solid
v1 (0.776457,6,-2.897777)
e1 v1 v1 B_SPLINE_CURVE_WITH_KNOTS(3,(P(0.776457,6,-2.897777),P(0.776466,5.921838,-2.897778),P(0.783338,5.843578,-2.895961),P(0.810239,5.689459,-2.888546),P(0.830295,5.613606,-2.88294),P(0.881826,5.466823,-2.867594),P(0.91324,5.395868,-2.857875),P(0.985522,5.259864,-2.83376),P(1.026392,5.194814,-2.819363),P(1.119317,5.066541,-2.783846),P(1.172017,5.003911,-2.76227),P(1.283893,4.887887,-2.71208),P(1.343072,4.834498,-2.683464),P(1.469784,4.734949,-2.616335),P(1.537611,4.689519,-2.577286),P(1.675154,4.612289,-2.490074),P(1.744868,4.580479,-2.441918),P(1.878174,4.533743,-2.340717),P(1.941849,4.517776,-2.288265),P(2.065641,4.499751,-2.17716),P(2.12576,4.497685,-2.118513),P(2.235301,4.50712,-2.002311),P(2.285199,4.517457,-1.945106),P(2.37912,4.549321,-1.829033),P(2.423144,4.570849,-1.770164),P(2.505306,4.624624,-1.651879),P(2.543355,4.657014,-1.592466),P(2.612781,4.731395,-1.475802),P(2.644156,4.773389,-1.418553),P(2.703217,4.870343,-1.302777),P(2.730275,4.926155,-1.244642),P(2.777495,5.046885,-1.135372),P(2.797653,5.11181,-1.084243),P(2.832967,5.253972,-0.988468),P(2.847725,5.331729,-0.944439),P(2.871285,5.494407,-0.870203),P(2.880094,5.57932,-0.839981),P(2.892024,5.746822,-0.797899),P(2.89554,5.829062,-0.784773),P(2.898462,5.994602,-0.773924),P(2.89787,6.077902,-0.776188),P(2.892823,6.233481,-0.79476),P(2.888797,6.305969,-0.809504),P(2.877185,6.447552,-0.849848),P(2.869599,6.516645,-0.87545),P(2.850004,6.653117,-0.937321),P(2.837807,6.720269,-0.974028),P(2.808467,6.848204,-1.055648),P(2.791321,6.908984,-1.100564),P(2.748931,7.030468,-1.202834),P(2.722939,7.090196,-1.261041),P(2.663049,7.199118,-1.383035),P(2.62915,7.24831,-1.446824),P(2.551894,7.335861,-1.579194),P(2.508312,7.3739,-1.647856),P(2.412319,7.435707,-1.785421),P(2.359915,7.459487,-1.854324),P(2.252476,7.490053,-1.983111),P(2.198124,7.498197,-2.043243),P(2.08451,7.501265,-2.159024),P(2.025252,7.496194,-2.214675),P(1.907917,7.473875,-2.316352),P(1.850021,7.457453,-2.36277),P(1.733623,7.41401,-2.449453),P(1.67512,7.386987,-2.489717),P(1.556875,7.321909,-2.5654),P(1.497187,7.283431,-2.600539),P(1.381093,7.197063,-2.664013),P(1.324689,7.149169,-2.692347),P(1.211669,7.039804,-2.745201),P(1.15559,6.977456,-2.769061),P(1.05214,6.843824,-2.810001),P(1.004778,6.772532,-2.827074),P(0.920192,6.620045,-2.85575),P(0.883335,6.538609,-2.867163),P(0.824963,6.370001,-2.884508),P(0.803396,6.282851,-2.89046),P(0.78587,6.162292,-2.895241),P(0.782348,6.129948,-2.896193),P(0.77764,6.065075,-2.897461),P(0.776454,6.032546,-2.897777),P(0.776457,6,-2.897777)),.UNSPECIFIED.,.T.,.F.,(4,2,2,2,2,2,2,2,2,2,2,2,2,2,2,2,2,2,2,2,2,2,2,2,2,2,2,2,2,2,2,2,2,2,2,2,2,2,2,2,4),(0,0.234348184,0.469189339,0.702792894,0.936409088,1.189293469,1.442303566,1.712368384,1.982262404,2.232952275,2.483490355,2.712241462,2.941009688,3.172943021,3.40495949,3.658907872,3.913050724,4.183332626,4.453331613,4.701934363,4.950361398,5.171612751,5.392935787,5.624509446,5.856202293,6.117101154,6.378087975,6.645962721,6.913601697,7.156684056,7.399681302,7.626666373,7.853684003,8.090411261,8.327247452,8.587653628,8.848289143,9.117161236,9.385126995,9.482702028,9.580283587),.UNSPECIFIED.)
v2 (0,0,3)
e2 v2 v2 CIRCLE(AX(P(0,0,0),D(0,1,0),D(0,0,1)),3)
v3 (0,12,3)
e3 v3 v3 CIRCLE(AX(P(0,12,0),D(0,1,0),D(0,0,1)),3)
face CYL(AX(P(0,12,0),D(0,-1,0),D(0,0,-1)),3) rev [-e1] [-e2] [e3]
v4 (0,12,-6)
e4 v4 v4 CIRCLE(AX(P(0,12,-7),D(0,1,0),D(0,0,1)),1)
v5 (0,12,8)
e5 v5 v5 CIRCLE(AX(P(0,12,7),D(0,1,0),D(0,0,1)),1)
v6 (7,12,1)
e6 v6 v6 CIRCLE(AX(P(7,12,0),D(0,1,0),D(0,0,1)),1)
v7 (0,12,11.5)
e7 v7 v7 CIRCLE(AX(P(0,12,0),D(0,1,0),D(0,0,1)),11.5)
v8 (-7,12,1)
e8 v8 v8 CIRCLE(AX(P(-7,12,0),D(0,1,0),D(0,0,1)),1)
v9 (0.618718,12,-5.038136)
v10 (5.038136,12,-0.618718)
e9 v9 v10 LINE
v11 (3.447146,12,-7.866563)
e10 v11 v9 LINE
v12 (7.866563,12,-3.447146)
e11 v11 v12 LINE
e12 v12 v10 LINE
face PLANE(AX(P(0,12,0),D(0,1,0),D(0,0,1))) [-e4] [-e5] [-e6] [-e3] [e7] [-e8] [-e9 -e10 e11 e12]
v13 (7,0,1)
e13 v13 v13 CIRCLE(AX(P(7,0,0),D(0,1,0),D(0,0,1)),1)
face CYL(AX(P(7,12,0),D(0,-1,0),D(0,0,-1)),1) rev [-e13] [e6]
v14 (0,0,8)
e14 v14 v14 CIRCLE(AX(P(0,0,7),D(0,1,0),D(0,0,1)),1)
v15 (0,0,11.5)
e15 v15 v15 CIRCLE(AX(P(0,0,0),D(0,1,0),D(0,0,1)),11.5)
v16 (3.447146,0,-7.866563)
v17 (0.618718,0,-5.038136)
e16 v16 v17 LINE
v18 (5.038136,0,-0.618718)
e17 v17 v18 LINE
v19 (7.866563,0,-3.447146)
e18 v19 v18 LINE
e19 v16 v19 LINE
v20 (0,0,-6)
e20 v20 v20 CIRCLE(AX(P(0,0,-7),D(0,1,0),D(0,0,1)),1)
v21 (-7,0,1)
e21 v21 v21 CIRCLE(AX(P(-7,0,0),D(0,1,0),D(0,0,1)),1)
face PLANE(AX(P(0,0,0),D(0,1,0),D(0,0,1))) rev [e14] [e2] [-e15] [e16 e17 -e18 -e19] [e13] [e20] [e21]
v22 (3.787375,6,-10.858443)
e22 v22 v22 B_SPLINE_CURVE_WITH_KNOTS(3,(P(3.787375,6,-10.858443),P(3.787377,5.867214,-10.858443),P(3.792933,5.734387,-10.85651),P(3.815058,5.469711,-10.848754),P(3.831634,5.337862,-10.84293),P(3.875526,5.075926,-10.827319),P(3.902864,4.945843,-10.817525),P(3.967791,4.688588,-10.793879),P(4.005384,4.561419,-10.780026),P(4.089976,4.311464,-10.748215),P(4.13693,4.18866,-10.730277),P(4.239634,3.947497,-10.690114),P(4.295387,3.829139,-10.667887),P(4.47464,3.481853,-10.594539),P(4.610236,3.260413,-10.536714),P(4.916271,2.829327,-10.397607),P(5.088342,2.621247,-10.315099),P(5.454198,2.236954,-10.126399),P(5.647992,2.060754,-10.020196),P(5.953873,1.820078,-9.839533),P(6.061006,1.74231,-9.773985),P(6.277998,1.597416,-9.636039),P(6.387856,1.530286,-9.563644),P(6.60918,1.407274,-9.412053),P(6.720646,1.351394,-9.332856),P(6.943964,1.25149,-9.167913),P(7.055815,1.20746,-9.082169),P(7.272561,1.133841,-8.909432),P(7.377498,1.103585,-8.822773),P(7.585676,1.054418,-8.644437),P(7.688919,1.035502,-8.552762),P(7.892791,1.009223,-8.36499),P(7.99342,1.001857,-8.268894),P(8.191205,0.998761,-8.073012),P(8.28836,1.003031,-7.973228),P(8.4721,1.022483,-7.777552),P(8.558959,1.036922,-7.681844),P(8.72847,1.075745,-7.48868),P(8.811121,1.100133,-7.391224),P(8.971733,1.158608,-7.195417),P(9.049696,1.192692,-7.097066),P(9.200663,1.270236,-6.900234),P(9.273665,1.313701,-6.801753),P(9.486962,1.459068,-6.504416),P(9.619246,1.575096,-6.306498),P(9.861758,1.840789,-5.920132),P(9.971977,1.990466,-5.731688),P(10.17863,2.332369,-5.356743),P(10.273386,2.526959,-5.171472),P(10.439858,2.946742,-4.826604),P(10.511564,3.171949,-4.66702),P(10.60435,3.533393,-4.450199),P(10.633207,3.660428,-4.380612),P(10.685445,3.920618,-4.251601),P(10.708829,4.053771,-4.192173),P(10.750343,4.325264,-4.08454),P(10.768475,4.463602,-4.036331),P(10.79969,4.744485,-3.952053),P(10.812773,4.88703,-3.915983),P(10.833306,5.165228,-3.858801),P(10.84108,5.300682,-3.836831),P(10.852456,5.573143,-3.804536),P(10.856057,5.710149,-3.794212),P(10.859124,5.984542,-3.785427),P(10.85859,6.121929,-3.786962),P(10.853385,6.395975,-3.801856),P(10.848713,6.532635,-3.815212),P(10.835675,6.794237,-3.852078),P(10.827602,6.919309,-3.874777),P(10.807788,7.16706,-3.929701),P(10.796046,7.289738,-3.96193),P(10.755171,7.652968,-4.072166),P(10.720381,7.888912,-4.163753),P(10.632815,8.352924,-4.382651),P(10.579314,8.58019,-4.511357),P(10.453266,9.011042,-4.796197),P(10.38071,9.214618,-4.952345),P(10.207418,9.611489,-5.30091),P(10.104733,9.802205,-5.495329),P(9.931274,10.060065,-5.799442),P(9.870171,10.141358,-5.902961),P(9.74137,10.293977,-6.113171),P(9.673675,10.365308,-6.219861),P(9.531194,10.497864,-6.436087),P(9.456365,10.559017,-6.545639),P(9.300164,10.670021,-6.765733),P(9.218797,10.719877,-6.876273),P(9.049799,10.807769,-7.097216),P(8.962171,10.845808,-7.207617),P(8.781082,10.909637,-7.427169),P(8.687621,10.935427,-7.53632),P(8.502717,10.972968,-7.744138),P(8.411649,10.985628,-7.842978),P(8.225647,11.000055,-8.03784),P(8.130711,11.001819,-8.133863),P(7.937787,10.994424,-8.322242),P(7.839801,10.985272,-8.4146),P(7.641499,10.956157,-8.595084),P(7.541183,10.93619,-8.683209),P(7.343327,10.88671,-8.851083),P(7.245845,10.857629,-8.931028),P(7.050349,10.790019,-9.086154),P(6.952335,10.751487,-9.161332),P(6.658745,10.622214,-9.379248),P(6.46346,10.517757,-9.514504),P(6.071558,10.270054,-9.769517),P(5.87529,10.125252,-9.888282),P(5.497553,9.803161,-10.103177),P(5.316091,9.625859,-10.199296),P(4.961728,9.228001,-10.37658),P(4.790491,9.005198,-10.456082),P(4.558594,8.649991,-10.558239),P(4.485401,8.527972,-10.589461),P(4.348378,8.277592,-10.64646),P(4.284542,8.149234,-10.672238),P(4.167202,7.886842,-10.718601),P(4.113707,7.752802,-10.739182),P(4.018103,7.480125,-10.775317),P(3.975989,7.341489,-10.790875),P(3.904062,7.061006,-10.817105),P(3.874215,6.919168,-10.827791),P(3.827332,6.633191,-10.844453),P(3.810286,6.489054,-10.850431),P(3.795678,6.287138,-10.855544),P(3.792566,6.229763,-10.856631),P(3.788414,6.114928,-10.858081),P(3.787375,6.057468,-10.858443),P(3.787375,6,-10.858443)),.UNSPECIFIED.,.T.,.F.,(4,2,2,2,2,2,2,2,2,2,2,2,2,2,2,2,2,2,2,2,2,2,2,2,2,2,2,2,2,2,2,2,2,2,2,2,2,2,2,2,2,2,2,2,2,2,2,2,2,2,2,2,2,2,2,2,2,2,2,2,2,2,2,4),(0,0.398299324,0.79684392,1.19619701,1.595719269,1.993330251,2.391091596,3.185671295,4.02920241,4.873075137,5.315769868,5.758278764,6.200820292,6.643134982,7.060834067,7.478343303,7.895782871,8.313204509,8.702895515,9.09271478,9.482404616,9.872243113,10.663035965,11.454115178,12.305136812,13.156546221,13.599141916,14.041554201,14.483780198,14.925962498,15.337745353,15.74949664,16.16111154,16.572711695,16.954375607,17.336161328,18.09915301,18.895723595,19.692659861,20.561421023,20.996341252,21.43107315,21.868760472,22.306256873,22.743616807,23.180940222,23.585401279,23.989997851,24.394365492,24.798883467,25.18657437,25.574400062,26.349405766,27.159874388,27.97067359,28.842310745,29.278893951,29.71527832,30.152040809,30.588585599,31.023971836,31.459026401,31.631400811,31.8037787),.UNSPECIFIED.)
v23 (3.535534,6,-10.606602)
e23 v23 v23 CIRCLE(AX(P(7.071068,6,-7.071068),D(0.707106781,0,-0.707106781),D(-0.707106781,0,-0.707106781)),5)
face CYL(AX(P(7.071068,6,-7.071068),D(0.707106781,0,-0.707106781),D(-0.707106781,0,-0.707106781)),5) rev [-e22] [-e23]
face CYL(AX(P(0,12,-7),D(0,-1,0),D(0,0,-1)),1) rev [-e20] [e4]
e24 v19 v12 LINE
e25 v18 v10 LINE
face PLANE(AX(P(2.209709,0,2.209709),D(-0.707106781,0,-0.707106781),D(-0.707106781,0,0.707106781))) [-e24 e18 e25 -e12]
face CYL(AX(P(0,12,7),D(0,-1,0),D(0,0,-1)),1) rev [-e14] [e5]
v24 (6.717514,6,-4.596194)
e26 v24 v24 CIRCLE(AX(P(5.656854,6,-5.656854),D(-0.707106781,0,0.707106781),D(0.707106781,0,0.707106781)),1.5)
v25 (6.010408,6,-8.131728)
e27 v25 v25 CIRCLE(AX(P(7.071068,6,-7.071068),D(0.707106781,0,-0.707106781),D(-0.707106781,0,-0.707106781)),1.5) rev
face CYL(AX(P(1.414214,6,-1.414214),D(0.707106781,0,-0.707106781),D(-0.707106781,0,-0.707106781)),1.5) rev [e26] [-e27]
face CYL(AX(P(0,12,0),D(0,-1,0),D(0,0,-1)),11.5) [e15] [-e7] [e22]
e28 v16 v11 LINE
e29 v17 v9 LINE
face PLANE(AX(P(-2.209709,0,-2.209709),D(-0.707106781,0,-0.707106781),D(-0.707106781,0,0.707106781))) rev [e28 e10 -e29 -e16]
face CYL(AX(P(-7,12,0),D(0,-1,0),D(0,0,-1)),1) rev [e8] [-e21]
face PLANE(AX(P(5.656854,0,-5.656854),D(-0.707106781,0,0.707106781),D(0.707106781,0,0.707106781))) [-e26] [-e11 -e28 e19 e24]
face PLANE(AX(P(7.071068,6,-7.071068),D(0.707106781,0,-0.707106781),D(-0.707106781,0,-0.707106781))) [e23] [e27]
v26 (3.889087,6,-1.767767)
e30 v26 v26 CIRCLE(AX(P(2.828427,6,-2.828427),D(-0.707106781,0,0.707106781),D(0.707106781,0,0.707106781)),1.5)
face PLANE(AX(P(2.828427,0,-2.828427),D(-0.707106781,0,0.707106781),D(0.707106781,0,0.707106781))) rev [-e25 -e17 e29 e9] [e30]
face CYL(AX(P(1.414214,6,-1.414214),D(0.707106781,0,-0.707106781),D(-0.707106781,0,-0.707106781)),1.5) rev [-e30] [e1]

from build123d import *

# Parameters (mm, degrees)
CROQUIS1_R              = 11.5
CROQUIS1_R_2            = 3
CROQUIS1_R_3            = 1
SALIENTE_EXTRUIR1_DEPTH = 12
CORTAR_EXTRUIR1_DEPTH   = 13
CORTAR_EXTRUIR2_START   = 10
CROQUIS3_R              = 1.5
CORTAR_EXTRUIR2_DEPTH   = 12
CORTAR_EXTRUIR3_START   = 10
CROQUIS4_R              = 5
CORTAR_EXTRUIR3_DEPTH   = 4


with BuildPart() as part:
    # Croquis1 → Saliente-Extruir1 (new body)
    with BuildSketch(Plane(origin=(0, 0, 0), x_dir=(1, 0, 0), z_dir=(0, 1, 0))):
        Circle(CROQUIS1_R)
        Circle(CROQUIS1_R_2, mode=Mode.SUBTRACT)
        with Locations((0, 7)):
            Circle(CROQUIS1_R_3, mode=Mode.SUBTRACT)
        with Locations((7, 0)):
            Circle(CROQUIS1_R_3, mode=Mode.SUBTRACT)
        with Locations((0, -7)):
            Circle(CROQUIS1_R_3, mode=Mode.SUBTRACT)
        with Locations((-7, 0)):
            Circle(CROQUIS1_R_3, mode=Mode.SUBTRACT)
    extrude(amount=SALIENTE_EXTRUIR1_DEPTH)

    # Croquis2 → Cortar-Extruir1 (cut, through all)
    with BuildSketch(Plane(origin=(0, 12, 0), x_dir=(1, 0, 0), z_dir=(0, 1, 0))):
        Polygon((7.866562941, 3.447145558), (5.038135816, 0.618718434), (2.828427125, 2.828427125), (5.656854249, 5.656854249), align=None)
        Polygon((5.656854249, 5.656854249), (3.447145558, 7.866562941), (0.618718434, 5.038135816), (2.828427125, 2.828427125), align=None)
    extrude(amount=-CORTAR_EXTRUIR1_DEPTH, mode=Mode.SUBTRACT)

    # Croquis3 → Cortar-Extruir2 (cut)
    with BuildSketch(Plane(origin=(2.828427125, 0, -2.828427125), x_dir=(-0.707106781, 0, -0.707106781), z_dir=(0.707106781, 0, -0.707106781)).offset(CORTAR_EXTRUIR2_START)):
        with Locations((0, 6)):
            Circle(CROQUIS3_R)
    extrude(amount=-CORTAR_EXTRUIR2_DEPTH, mode=Mode.SUBTRACT)

    # Croquis4 → Cortar-Extruir3 (cut)
    with BuildSketch(Plane(origin=(2.828427125, 0, -2.828427125), x_dir=(-0.707106781, 0, -0.707106781), z_dir=(0.707106781, 0, -0.707106781)).offset(CORTAR_EXTRUIR3_START)):
        with Locations((0, 6)):
            Circle(CROQUIS4_R)
    extrude(amount=-CORTAR_EXTRUIR3_DEPTH, mode=Mode.SUBTRACT)


solid = part.part
